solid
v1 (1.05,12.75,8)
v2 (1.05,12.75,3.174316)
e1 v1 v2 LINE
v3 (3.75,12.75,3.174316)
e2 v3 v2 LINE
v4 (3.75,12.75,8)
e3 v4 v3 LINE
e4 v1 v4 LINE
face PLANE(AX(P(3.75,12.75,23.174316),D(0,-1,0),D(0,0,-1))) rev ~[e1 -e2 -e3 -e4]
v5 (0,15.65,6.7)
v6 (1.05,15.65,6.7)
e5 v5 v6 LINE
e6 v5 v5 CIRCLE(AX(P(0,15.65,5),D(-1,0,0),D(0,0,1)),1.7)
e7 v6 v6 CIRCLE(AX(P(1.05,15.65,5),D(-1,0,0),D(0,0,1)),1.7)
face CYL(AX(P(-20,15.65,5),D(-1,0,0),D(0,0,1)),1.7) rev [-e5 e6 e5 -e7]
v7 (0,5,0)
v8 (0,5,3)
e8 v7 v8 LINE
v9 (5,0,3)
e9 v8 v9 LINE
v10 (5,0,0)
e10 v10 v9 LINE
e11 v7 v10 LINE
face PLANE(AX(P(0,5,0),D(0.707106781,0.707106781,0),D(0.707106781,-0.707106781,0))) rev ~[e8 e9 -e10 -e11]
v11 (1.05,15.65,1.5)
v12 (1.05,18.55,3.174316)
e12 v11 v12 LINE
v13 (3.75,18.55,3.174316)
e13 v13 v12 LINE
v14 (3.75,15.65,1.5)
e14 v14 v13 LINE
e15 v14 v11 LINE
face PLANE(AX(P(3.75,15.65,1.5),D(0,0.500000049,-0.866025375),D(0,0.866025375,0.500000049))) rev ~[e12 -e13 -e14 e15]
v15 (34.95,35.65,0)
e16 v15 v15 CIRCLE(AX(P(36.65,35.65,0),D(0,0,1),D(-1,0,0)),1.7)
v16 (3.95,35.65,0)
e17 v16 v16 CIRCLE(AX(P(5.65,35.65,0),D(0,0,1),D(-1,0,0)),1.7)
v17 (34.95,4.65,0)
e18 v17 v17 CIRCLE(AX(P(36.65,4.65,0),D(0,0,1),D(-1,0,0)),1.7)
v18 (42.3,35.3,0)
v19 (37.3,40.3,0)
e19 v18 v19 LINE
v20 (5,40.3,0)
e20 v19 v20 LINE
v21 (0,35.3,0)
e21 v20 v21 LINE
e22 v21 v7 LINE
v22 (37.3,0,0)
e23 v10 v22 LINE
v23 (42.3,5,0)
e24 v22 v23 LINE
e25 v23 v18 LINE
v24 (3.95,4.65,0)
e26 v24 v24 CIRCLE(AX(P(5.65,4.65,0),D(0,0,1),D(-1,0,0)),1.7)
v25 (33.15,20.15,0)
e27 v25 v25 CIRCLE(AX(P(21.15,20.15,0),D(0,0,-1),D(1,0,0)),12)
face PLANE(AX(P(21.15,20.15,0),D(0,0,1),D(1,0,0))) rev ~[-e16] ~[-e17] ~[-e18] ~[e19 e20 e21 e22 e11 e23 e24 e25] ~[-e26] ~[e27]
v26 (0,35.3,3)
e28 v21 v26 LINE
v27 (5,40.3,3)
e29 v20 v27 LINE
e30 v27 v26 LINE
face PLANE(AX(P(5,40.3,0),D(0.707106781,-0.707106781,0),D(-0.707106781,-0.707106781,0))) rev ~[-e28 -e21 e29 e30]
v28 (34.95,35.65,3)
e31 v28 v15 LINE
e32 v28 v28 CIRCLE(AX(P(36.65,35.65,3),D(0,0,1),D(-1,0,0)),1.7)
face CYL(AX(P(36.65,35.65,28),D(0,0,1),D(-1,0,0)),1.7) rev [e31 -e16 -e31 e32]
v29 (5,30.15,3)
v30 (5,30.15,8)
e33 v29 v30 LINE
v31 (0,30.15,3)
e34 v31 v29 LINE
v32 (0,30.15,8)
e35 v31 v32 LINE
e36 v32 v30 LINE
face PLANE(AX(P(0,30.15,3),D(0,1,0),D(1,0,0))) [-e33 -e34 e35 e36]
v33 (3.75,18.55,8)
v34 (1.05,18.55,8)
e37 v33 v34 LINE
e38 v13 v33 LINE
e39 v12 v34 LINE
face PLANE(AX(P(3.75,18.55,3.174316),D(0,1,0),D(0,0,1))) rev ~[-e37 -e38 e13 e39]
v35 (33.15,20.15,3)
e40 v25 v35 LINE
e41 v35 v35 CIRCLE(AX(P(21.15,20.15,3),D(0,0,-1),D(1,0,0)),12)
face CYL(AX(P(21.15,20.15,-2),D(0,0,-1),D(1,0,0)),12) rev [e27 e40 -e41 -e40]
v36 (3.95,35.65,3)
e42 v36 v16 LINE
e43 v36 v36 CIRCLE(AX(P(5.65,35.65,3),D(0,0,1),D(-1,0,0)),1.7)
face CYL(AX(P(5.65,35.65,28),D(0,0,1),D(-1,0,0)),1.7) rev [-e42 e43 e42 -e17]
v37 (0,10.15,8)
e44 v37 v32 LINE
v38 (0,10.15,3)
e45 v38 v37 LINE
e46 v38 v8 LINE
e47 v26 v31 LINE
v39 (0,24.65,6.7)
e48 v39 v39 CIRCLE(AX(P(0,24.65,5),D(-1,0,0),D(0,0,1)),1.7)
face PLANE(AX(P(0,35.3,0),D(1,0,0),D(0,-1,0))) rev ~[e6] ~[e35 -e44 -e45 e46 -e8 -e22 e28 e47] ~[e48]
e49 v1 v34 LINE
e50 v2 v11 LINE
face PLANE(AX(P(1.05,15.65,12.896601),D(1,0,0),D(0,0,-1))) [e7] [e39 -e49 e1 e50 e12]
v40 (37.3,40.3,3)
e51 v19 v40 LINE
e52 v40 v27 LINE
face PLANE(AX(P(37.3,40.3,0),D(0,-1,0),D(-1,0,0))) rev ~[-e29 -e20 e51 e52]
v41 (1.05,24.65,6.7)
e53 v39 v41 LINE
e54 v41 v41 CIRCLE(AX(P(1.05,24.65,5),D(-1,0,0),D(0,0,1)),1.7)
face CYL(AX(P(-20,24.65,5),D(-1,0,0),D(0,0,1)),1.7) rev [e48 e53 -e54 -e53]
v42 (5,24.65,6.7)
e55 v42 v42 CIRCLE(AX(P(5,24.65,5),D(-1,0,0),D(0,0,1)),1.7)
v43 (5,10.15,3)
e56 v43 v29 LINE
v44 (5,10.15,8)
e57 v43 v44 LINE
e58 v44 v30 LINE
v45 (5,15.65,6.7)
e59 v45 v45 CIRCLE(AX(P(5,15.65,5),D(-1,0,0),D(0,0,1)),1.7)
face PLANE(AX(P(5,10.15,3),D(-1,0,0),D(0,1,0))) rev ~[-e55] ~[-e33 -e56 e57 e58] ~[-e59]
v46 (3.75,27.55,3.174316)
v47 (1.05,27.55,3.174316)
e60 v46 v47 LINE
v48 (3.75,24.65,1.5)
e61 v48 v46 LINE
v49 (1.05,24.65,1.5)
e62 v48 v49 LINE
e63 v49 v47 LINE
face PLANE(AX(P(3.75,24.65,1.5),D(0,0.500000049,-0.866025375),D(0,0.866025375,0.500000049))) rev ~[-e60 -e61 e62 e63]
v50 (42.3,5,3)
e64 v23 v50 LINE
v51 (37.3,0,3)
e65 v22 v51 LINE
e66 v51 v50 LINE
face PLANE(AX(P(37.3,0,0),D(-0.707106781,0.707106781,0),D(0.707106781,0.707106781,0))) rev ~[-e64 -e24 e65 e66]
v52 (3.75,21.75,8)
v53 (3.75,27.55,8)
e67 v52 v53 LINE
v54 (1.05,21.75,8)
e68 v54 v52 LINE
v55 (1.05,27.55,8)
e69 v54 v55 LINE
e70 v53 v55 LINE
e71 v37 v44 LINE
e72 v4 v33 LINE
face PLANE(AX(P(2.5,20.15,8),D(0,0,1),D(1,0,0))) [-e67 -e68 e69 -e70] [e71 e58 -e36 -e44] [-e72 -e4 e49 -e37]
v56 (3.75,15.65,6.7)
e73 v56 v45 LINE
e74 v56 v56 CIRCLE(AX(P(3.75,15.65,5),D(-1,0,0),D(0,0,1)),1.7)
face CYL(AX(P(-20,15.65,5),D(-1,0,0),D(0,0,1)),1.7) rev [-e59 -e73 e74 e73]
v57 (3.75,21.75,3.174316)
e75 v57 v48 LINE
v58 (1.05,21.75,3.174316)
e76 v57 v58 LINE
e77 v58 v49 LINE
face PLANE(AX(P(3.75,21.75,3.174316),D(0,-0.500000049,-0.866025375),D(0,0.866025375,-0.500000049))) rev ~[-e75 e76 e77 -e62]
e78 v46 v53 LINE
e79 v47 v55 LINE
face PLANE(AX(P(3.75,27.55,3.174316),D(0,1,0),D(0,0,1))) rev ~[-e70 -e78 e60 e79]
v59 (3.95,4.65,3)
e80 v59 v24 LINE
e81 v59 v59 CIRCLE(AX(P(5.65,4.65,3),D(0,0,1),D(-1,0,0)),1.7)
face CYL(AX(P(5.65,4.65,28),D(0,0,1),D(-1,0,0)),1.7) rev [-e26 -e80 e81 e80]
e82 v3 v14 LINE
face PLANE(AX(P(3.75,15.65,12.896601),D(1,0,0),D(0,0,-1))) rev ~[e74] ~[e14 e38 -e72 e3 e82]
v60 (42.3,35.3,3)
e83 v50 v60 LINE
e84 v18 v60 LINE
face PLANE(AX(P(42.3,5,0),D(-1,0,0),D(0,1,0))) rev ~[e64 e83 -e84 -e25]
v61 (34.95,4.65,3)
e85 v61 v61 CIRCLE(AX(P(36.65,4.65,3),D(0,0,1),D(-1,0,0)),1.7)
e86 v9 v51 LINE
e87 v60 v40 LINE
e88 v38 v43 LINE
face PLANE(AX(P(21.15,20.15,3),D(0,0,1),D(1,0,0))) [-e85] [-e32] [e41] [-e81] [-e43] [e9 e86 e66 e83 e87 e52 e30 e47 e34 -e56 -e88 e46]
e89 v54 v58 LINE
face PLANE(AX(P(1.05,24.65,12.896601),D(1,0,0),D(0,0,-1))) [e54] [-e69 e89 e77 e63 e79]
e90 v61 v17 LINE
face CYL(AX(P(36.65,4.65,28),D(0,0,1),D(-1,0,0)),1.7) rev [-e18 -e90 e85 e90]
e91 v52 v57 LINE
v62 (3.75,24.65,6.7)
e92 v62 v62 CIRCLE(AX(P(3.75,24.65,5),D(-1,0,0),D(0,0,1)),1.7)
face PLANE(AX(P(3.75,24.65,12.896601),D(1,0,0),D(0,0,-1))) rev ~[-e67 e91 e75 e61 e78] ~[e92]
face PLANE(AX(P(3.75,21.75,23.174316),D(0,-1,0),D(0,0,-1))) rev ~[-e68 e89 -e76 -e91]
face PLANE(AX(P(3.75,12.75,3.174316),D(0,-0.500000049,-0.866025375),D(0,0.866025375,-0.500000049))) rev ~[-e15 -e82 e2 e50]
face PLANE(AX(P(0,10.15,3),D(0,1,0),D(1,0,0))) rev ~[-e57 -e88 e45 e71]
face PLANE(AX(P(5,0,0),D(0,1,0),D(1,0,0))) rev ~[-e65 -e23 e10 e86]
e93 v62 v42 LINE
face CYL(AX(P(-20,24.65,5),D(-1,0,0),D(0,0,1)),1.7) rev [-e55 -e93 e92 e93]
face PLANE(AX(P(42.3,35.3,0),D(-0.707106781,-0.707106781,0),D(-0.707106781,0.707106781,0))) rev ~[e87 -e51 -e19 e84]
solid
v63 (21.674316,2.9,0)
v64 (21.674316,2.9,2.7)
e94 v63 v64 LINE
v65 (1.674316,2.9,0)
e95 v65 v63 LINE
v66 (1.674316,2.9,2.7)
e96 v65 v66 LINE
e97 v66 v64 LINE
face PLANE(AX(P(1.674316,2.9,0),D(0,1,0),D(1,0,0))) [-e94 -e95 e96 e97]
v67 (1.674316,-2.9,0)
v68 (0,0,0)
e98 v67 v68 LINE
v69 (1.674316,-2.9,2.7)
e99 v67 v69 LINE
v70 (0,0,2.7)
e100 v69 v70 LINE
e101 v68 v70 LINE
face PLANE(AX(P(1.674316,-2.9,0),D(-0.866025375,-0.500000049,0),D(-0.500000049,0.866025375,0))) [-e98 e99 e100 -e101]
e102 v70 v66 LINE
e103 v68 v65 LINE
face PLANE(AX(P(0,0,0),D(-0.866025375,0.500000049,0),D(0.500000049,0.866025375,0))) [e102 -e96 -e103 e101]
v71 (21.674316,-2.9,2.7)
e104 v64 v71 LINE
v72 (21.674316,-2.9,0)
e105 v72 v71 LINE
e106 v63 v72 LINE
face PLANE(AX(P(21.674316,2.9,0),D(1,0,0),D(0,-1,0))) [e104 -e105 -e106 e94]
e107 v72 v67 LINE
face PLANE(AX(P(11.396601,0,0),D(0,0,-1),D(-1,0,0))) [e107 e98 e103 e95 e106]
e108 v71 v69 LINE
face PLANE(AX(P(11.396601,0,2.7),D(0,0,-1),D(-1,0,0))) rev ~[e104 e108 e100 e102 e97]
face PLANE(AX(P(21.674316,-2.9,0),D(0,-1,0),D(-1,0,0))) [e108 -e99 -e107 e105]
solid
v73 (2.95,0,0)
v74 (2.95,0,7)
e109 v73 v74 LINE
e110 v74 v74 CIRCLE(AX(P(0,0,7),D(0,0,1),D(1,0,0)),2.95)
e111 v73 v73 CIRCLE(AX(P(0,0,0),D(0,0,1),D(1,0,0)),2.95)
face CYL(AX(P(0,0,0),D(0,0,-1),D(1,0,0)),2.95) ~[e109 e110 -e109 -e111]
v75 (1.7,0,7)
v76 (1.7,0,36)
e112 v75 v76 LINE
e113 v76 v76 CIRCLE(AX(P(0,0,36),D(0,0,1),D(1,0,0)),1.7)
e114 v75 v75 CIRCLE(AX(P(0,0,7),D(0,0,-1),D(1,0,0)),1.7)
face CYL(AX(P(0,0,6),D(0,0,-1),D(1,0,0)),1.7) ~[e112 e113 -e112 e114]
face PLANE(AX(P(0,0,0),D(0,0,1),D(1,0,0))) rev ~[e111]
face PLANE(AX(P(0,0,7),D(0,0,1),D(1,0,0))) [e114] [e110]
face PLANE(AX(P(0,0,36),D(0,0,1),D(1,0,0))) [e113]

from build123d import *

# Parameters (mm, degrees)
CYLINDER_R               = 2.95
CYLINDER_DEPTH           = 7
CYLINDER001_R            = 1.7
CYLINDER001_DEPTH        = 30
PAD002_DEPTH             = 2.7
CLONE242_PLACEMENT_ANGLE = 180
CYLINDER1023_R           = 12
CYLINDER1023_DEPTH       = 10
CLONE243_PLACEMENT_ANGLE = 180
CLONE244_PLACEMENT_ANGLE = 180
CLONE245_PITCH_ANGLE     = -90
CLONE245_PLACEMENT_ANGLE = -180
CLONE248_PITCH_ANGLE     = -90
CLONE246_PITCH_ANGLE     = -90
CLONE246_PLACEMENT_ANGLE = -180
CLONE247_PITCH_ANGLE     = -90
CLONE241_PLACEMENT_ANGLE = 180
BOX253_W                 = 5
BOX253_H                 = 20
BOX253_DEPTH             = 5
PAD033_DEPTH             = 3


with BuildPart() as m3bolthead:
    # Cylinder → Cylinder (new body)
    with BuildSketch(Plane.XY):
        Circle(CYLINDER_R)
    extrude(amount=CYLINDER_DEPTH)


with BuildPart() as m3bolt:
    # Cylinder001 → Cylinder001 (new body)
    with BuildSketch(Plane.XY.offset(6)):
        Circle(CYLINDER001_R)
    extrude(amount=CYLINDER001_DEPTH)

    # Fusion: union M3BoltHead
    add(m3bolthead.part)


with BuildPart() as m3nuthousing:
    # Sketch003 → Pad002 (new body)
    with BuildSketch(Plane.XY):
        Polygon((0, 0), (1.674316, 2.9), (21.674316, 2.9), (21.674316, -2.9), (1.674316, -2.9), align=None)
    extrude(amount=PAD002_DEPTH)


with BuildPart() as clone_of_m3bolt078:
    # Clone242 base: copy of M3Bolt
    add(m3bolt.part)


with BuildPart() as clone_of_m3bolt078_1:
    # Clone242 placement: moved
    add(clone_of_m3bolt078.part.moved(Location((36.65, 4.65, 34))).rotate(Axis((36.65, 4.65, 34), (0, 1, 0)), CLONE242_PLACEMENT_ANGLE))


with BuildPart() as cylinder1059:
    # Cylinder1023 → Cylinder1023 (new body)
    with BuildSketch(Plane(origin=(21.15, 20.15, -2), x_dir=(1, 0, 0), z_dir=(0, 0, 1))):
        Circle(CYLINDER1023_R)
    extrude(amount=CYLINDER1023_DEPTH)


with BuildPart() as clone_of_m3bolt079:
    # Clone243 base: copy of M3Bolt
    add(m3bolt.part)


with BuildPart() as clone_of_m3bolt079_1:
    # Clone243 placement: moved
    add(clone_of_m3bolt079.part.moved(Location((5.65, 35.65, 34))).rotate(Axis((5.65, 35.65, 34), (0, 1, 0)), CLONE243_PLACEMENT_ANGLE))


with BuildPart() as clone_of_m3bolt080:
    # Clone244 base: copy of M3Bolt
    add(m3bolt.part)


with BuildPart() as clone_of_m3bolt080_1:
    # Clone244 placement: moved
    add(clone_of_m3bolt080.part.moved(Location((36.65, 35.65, 34))).rotate(Axis((36.65, 35.65, 34), (0, 1, 0)), CLONE244_PLACEMENT_ANGLE))


with BuildPart() as clone_of_m3bolt081:
    # Clone245 base: copy of M3Bolt
    add(m3bolt.part)


with BuildPart() as clone_of_m3bolt081_1:
    # Clone245 pitch: moved
    add(clone_of_m3bolt081.part.rotate(Axis((0, 0, 0), (0, 1, 0)), CLONE245_PITCH_ANGLE))


with BuildPart() as clone_of_m3bolt081_2:
    # Clone245 placement: moved
    add(clone_of_m3bolt081_1.part.moved(Location((-26, 24.65, 5))).rotate(Axis((-26, 24.65, 5), (0, 0, 1)), CLONE245_PLACEMENT_ANGLE))


with BuildPart() as clone_of_m3nuthousing023:
    # Clone248 base: copy of M3NutHousing
    add(m3nuthousing.part)


with BuildPart() as clone_of_m3nuthousing023_1:
    # Clone248 pitch: moved
    add(clone_of_m3nuthousing023.part.rotate(Axis((0, 0, 0), (0, 1, 0)), CLONE248_PITCH_ANGLE))


with BuildPart() as clone_of_m3nuthousing023_2:
    # Clone248 placement: moved
    add(clone_of_m3nuthousing023_1.part.moved(Location((3.75, 15.65, 1.5))))


with BuildPart() as clone_of_m3bolt082:
    # Clone246 base: copy of M3Bolt
    add(m3bolt.part)


with BuildPart() as clone_of_m3bolt082_1:
    # Clone246 pitch: moved
    add(clone_of_m3bolt082.part.rotate(Axis((0, 0, 0), (0, 1, 0)), CLONE246_PITCH_ANGLE))


with BuildPart() as clone_of_m3bolt082_2:
    # Clone246 placement: moved
    add(clone_of_m3bolt082_1.part.moved(Location((-26, 15.65, 5))).rotate(Axis((-26, 15.65, 5), (0, 0, 1)), CLONE246_PLACEMENT_ANGLE))


with BuildPart() as clone_of_m3nuthousing022:
    # Clone247 base: copy of M3NutHousing
    add(m3nuthousing.part)


with BuildPart() as clone_of_m3nuthousing022_1:
    # Clone247 pitch: moved
    add(clone_of_m3nuthousing022.part.rotate(Axis((0, 0, 0), (0, 1, 0)), CLONE247_PITCH_ANGLE))


with BuildPart() as clone_of_m3nuthousing022_2:
    # Clone247 placement: moved
    add(clone_of_m3nuthousing022_1.part.moved(Location((3.75, 24.65, 1.5))))


with BuildPart() as fusion086:
    # Clone241 base: copy of M3Bolt
    add(m3bolt.part)


with BuildPart() as fusion086_1:
    # Clone241 placement: moved
    add(fusion086.part.moved(Location((5.65, 4.65, 34))).rotate(Axis((5.65, 4.65, 34), (0, 1, 0)), CLONE241_PLACEMENT_ANGLE))

    # Fusion086: union Clone of M3Bolt078, Cylinder1059, Clone of M3Bolt079, Clone of M3Bolt080, Clone of M3Bolt081, Clone of M3NutHousing023, Clone of M3Bolt082, Clone of M3NutHousing022
    add(clone_of_m3bolt078_1.part)
    add(cylinder1059.part)
    add(clone_of_m3bolt079_1.part)
    add(clone_of_m3bolt080_1.part)
    add(clone_of_m3bolt081_2.part)
    add(clone_of_m3nuthousing023_2.part)
    add(clone_of_m3bolt082_2.part)
    add(clone_of_m3nuthousing022_2.part)


with BuildPart() as cube017:
    # Box253 → Box253 (new body)
    with BuildSketch(Plane(origin=(0, 10.15, 3), x_dir=(1, 0, 0), z_dir=(0, 0, 1))):
        with Locations((2.5, 10)):
            Rectangle(BOX253_W, BOX253_H)
    extrude(amount=BOX253_DEPTH)


with BuildPart() as art4motorfix:
    # Sketch045 → Pad033 (new body)
    with BuildSketch(Plane.XY):
        Polygon((42.3, 5), (42.3, 35.3), (37.3, 40.3), (5, 40.3), (0, 35.3), (0, 5), (5, 0), (37.3, 0), align=None)
    extrude(amount=PAD033_DEPTH)

    # Fusion085: union Cube017
    add(cube017.part)

    # Cut073: cut Fusion086
    add(fusion086_1.part, mode=Mode.SUBTRACT)


solid = Compound([m3bolt.part, m3nuthousing.part, art4motorfix.part])
